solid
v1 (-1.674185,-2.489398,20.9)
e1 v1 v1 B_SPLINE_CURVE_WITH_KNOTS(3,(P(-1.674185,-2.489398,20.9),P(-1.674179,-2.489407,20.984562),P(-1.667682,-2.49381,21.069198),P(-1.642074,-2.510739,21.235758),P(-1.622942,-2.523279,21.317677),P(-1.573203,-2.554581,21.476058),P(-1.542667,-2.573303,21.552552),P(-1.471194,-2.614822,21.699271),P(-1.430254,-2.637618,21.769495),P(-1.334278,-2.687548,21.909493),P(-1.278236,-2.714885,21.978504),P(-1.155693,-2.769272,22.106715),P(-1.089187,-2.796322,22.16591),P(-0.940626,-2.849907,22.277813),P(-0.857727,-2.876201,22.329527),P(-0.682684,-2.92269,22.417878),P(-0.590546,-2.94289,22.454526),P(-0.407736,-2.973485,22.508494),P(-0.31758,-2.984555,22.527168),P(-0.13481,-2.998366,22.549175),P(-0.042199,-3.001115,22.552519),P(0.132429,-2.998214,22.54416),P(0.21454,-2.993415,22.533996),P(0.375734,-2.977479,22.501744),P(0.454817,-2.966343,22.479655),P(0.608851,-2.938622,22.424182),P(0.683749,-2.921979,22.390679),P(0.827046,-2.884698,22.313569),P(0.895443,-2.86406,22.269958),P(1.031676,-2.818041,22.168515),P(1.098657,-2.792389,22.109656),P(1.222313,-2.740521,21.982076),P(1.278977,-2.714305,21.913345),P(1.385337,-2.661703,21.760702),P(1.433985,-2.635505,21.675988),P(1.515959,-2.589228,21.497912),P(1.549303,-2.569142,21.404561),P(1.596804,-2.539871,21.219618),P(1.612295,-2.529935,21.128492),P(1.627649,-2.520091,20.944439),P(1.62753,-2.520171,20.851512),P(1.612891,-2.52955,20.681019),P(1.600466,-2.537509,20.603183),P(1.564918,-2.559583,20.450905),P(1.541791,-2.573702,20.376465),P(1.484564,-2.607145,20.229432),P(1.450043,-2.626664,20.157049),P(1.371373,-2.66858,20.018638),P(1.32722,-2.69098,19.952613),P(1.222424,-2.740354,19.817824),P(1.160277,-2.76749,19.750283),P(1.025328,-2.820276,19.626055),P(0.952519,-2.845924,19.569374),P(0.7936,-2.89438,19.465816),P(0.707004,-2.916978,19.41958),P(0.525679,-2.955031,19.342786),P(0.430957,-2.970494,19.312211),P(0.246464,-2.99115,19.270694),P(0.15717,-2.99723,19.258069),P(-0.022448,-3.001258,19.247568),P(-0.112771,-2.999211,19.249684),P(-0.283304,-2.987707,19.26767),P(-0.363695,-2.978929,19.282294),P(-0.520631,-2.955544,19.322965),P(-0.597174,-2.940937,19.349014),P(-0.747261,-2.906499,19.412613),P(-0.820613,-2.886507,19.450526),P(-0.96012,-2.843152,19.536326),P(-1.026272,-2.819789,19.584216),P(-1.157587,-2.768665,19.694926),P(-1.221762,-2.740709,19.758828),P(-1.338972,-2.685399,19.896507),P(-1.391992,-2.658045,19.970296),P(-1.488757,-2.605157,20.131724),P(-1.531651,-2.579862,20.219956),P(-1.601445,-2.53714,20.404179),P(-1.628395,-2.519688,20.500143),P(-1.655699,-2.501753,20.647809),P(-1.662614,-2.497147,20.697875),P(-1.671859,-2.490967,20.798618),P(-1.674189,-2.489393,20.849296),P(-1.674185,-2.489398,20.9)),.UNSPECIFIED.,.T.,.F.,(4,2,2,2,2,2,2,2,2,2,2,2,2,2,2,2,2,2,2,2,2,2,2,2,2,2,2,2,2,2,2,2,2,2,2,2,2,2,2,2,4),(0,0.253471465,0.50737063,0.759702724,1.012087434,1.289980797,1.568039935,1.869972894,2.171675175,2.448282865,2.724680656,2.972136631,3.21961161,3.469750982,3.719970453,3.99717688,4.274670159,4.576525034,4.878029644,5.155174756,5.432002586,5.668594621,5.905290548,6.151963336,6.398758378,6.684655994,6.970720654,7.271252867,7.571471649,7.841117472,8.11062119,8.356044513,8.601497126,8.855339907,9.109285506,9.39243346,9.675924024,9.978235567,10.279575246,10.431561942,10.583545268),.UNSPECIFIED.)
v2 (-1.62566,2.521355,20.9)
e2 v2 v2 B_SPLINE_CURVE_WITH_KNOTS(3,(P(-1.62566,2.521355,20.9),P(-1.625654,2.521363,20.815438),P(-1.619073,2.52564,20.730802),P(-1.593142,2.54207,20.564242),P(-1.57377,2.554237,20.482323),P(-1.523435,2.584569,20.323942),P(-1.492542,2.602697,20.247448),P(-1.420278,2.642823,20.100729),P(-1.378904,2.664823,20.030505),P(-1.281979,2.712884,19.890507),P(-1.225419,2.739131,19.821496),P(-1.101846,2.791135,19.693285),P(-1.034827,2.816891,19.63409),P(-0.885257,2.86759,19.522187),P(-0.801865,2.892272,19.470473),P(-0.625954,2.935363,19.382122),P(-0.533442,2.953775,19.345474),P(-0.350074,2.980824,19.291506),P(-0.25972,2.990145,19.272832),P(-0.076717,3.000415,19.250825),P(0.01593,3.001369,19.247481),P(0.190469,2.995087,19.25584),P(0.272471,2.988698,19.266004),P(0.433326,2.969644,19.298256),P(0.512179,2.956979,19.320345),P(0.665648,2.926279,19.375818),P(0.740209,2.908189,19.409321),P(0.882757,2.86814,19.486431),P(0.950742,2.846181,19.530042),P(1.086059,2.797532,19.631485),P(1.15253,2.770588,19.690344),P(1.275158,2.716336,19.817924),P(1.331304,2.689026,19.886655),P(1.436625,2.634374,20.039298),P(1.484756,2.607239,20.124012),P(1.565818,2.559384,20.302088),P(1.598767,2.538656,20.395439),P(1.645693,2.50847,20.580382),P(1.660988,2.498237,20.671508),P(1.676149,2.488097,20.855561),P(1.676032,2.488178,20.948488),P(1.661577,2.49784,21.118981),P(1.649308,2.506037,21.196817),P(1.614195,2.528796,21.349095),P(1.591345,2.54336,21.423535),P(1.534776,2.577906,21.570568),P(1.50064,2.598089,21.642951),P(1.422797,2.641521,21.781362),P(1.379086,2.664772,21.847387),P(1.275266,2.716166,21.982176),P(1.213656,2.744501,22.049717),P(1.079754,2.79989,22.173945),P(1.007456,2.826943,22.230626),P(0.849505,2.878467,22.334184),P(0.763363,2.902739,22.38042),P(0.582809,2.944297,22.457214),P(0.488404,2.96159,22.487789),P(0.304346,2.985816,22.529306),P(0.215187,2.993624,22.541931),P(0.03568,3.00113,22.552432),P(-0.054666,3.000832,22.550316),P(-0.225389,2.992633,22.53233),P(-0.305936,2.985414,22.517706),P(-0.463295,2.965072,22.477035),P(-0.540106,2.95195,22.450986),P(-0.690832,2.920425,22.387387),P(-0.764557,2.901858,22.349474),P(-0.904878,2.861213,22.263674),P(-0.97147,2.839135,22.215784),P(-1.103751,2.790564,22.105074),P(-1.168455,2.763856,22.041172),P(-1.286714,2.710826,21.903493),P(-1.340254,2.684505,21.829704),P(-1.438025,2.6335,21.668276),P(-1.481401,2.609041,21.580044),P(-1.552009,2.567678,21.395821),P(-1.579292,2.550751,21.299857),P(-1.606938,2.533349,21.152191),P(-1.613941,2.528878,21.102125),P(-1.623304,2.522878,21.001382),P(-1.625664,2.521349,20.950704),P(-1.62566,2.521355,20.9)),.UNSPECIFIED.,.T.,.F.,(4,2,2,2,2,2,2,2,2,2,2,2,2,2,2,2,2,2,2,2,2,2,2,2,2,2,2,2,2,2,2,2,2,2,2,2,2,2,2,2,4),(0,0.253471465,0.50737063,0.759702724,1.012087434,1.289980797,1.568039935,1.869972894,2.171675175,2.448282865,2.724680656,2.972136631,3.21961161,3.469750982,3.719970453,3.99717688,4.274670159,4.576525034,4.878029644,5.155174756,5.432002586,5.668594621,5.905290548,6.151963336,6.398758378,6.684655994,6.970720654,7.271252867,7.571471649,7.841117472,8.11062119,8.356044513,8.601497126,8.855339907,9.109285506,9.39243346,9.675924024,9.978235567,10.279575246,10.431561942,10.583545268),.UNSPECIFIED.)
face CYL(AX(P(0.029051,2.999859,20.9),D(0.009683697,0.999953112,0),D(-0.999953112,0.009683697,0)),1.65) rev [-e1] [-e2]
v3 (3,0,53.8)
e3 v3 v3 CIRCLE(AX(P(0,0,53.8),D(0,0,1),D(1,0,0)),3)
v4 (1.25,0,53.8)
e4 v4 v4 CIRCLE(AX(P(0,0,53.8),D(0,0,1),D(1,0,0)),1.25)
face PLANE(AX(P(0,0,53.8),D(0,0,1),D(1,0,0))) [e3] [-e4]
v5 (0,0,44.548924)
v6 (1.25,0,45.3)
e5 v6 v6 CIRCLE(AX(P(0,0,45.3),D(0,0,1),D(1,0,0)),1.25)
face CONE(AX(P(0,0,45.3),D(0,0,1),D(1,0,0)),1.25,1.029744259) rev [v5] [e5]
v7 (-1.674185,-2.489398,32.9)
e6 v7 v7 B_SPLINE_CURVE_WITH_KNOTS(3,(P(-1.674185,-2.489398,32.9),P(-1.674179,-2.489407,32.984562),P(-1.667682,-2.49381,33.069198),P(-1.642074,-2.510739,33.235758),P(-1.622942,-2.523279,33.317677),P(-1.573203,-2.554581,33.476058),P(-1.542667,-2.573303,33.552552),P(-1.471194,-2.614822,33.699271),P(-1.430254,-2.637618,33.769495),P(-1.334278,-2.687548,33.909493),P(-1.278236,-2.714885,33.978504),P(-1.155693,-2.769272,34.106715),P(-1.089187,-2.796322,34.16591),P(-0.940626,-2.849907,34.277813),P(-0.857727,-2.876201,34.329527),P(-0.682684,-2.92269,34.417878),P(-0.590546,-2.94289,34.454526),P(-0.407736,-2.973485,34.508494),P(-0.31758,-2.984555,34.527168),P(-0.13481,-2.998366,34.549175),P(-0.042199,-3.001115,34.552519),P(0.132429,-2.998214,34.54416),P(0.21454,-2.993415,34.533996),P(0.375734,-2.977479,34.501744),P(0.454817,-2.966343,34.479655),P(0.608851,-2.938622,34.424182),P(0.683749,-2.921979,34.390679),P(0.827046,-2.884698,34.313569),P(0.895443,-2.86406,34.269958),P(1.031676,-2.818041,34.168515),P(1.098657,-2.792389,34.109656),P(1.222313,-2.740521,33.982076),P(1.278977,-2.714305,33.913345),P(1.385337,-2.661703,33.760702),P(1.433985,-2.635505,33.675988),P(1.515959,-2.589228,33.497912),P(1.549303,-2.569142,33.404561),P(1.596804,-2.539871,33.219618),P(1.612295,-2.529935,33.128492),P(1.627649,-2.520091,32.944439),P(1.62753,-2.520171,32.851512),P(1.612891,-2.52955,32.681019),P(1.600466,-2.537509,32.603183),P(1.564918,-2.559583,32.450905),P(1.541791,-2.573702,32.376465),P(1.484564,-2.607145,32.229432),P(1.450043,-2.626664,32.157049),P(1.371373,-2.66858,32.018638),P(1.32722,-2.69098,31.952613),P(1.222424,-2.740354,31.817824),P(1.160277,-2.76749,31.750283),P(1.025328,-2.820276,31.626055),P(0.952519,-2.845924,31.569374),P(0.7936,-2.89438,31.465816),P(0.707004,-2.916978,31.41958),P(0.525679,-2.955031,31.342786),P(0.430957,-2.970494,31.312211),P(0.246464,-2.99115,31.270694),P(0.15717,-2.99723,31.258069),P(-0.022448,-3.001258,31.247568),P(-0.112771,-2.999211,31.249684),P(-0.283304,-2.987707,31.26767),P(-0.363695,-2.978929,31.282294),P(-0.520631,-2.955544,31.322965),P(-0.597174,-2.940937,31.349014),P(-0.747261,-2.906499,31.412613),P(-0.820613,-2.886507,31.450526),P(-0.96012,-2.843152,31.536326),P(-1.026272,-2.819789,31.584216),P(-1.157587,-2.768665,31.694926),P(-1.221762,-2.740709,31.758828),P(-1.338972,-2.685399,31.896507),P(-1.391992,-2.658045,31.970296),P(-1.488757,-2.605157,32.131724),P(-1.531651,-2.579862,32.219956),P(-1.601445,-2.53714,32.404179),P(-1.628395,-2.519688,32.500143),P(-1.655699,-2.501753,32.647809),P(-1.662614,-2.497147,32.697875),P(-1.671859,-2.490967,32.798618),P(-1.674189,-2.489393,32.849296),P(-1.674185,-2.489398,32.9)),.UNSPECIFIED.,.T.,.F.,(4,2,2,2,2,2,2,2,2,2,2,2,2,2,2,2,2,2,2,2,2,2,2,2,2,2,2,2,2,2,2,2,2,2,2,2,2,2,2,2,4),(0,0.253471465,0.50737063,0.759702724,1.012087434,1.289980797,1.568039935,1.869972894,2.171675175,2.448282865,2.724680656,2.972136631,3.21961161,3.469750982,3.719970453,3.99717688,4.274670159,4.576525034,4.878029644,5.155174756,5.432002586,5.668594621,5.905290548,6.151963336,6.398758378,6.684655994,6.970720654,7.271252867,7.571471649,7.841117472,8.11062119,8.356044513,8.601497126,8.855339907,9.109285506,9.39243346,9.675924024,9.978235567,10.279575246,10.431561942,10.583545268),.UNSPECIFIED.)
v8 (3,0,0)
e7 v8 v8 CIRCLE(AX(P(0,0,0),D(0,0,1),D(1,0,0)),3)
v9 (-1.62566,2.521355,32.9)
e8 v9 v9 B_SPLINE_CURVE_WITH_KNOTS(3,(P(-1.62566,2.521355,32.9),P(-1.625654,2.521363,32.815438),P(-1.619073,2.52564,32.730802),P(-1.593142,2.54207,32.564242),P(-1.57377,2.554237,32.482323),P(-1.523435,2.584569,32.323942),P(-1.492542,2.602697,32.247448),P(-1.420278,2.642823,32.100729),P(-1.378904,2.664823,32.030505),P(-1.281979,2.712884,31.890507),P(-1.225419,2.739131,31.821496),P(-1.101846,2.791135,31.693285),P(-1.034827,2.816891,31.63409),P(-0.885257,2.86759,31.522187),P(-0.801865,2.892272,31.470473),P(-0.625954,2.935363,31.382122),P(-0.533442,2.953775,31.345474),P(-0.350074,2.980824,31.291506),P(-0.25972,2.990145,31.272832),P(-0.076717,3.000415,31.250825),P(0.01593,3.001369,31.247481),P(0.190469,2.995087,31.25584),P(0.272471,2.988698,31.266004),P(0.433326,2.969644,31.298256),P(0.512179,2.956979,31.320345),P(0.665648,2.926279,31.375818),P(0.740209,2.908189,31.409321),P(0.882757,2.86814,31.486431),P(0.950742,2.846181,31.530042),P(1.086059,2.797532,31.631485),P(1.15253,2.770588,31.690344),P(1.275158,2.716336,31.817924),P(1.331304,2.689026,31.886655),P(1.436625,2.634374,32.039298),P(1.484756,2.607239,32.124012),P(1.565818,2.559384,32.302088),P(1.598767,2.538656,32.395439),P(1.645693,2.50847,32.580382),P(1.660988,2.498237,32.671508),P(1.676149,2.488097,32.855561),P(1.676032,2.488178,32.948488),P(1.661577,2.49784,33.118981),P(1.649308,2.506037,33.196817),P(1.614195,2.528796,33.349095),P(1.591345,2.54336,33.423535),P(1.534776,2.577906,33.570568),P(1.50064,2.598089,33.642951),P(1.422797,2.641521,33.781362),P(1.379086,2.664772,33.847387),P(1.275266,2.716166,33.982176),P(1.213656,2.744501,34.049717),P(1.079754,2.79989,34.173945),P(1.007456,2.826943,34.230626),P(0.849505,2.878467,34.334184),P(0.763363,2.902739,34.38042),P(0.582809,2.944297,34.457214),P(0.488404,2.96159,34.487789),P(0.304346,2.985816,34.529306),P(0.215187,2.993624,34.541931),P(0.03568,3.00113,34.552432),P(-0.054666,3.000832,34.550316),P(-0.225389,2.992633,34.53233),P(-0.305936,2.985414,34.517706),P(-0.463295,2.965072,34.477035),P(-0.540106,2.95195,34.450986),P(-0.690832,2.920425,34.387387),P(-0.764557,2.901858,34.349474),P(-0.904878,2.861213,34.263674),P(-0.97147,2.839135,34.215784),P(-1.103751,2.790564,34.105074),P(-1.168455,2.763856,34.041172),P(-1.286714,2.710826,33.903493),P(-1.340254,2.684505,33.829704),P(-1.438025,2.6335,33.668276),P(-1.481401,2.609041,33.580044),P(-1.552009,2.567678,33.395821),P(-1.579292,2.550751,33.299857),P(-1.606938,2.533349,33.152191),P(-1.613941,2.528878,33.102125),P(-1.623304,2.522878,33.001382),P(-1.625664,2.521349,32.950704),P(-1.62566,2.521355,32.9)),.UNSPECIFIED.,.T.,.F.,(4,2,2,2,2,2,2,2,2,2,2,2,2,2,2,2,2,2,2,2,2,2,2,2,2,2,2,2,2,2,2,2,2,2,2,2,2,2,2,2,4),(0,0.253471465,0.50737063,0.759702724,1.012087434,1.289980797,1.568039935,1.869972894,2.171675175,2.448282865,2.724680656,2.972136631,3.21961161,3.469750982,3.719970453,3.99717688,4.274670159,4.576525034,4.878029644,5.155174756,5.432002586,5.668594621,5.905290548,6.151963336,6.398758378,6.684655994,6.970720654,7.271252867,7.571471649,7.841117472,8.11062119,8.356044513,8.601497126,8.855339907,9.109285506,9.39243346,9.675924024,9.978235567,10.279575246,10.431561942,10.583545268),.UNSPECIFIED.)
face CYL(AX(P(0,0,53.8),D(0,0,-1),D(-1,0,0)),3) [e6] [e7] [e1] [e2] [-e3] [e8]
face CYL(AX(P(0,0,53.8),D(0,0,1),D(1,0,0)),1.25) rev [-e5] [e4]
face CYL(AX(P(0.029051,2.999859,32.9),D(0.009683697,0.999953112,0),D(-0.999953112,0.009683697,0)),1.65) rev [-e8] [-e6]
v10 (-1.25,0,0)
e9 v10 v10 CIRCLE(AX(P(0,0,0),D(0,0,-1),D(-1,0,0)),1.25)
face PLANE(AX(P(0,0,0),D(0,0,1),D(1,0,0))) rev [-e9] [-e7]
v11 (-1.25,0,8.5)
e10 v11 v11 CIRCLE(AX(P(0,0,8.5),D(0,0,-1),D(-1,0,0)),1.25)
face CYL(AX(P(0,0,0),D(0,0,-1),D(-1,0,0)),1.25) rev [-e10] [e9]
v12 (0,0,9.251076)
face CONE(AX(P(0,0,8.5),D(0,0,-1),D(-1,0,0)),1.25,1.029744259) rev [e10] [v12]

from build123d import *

# Parameters (mm, degrees)
SKETCH_1_R      = 3
EXTRUDE_1_DEPTH = 53.8
M4X0_7_1_D      = 3.3
M4X0_7_1_DEPTH  = 11.5
M4X0_7_1_TIP    = 0.991420021
M3X0_5_2_D      = 2.5
M3X0_5_2_DEPTH  = 8.5
M3X0_5_2_TIP    = 0.751075774


with BuildPart() as part:
    # ｽｹｯﾁ1 → ﾎﾞｽ - 押し出し1 (new body)
    with BuildSketch(Plane.XY):
        Circle(SKETCH_1_R)
    extrude(amount=EXTRUDE_1_DEPTH)

    # M4x0.7 ねじ穴1
    with Locations(Plane(origin=(0.029051092, 2.999859336, 32.9), x_dir=(0.999953112, -0.009683697, 0), z_dir=(0.009683697, 0.999953112, 0))):
        with Locations((0, 0), (0, 12)):
            Hole(M4X0_7_1_D / 2, depth=M4X0_7_1_DEPTH)
            with Locations((0, 0, -(M4X0_7_1_DEPTH + M4X0_7_1_TIP / 2))):  # 118° drill point
                Cone(0, M4X0_7_1_D / 2, M4X0_7_1_TIP, mode=Mode.SUBTRACT)

    # ｽｹｯﾁ7 → M3x0.5 ねじ穴1 (revolve, cut)
    with BuildSketch(Plane(origin=(0, 0, 53.8), x_dir=(0, -1, 0), z_dir=(1, 0, 0))):
        Polygon((0, 0), (0, 9.251075774), (1.25, 8.5), (1.25, 0), align=None)
    revolve(axis=Axis((0, 0, 60.15), (0, 0, -1)), mode=Mode.SUBTRACT)

    # M3x0.5 ねじ穴2
    with Locations(Plane(origin=(0, 0, 0), x_dir=(-1, 0, 0), z_dir=(0, 0, -1))):
        with Locations((0, 0)):
            Hole(M3X0_5_2_D / 2, depth=M3X0_5_2_DEPTH)
            with Locations((0, 0, -(M3X0_5_2_DEPTH + M3X0_5_2_TIP / 2))):  # 118° drill point
                Cone(0, M3X0_5_2_D / 2, M3X0_5_2_TIP, mode=Mode.SUBTRACT)


solid = part.part
